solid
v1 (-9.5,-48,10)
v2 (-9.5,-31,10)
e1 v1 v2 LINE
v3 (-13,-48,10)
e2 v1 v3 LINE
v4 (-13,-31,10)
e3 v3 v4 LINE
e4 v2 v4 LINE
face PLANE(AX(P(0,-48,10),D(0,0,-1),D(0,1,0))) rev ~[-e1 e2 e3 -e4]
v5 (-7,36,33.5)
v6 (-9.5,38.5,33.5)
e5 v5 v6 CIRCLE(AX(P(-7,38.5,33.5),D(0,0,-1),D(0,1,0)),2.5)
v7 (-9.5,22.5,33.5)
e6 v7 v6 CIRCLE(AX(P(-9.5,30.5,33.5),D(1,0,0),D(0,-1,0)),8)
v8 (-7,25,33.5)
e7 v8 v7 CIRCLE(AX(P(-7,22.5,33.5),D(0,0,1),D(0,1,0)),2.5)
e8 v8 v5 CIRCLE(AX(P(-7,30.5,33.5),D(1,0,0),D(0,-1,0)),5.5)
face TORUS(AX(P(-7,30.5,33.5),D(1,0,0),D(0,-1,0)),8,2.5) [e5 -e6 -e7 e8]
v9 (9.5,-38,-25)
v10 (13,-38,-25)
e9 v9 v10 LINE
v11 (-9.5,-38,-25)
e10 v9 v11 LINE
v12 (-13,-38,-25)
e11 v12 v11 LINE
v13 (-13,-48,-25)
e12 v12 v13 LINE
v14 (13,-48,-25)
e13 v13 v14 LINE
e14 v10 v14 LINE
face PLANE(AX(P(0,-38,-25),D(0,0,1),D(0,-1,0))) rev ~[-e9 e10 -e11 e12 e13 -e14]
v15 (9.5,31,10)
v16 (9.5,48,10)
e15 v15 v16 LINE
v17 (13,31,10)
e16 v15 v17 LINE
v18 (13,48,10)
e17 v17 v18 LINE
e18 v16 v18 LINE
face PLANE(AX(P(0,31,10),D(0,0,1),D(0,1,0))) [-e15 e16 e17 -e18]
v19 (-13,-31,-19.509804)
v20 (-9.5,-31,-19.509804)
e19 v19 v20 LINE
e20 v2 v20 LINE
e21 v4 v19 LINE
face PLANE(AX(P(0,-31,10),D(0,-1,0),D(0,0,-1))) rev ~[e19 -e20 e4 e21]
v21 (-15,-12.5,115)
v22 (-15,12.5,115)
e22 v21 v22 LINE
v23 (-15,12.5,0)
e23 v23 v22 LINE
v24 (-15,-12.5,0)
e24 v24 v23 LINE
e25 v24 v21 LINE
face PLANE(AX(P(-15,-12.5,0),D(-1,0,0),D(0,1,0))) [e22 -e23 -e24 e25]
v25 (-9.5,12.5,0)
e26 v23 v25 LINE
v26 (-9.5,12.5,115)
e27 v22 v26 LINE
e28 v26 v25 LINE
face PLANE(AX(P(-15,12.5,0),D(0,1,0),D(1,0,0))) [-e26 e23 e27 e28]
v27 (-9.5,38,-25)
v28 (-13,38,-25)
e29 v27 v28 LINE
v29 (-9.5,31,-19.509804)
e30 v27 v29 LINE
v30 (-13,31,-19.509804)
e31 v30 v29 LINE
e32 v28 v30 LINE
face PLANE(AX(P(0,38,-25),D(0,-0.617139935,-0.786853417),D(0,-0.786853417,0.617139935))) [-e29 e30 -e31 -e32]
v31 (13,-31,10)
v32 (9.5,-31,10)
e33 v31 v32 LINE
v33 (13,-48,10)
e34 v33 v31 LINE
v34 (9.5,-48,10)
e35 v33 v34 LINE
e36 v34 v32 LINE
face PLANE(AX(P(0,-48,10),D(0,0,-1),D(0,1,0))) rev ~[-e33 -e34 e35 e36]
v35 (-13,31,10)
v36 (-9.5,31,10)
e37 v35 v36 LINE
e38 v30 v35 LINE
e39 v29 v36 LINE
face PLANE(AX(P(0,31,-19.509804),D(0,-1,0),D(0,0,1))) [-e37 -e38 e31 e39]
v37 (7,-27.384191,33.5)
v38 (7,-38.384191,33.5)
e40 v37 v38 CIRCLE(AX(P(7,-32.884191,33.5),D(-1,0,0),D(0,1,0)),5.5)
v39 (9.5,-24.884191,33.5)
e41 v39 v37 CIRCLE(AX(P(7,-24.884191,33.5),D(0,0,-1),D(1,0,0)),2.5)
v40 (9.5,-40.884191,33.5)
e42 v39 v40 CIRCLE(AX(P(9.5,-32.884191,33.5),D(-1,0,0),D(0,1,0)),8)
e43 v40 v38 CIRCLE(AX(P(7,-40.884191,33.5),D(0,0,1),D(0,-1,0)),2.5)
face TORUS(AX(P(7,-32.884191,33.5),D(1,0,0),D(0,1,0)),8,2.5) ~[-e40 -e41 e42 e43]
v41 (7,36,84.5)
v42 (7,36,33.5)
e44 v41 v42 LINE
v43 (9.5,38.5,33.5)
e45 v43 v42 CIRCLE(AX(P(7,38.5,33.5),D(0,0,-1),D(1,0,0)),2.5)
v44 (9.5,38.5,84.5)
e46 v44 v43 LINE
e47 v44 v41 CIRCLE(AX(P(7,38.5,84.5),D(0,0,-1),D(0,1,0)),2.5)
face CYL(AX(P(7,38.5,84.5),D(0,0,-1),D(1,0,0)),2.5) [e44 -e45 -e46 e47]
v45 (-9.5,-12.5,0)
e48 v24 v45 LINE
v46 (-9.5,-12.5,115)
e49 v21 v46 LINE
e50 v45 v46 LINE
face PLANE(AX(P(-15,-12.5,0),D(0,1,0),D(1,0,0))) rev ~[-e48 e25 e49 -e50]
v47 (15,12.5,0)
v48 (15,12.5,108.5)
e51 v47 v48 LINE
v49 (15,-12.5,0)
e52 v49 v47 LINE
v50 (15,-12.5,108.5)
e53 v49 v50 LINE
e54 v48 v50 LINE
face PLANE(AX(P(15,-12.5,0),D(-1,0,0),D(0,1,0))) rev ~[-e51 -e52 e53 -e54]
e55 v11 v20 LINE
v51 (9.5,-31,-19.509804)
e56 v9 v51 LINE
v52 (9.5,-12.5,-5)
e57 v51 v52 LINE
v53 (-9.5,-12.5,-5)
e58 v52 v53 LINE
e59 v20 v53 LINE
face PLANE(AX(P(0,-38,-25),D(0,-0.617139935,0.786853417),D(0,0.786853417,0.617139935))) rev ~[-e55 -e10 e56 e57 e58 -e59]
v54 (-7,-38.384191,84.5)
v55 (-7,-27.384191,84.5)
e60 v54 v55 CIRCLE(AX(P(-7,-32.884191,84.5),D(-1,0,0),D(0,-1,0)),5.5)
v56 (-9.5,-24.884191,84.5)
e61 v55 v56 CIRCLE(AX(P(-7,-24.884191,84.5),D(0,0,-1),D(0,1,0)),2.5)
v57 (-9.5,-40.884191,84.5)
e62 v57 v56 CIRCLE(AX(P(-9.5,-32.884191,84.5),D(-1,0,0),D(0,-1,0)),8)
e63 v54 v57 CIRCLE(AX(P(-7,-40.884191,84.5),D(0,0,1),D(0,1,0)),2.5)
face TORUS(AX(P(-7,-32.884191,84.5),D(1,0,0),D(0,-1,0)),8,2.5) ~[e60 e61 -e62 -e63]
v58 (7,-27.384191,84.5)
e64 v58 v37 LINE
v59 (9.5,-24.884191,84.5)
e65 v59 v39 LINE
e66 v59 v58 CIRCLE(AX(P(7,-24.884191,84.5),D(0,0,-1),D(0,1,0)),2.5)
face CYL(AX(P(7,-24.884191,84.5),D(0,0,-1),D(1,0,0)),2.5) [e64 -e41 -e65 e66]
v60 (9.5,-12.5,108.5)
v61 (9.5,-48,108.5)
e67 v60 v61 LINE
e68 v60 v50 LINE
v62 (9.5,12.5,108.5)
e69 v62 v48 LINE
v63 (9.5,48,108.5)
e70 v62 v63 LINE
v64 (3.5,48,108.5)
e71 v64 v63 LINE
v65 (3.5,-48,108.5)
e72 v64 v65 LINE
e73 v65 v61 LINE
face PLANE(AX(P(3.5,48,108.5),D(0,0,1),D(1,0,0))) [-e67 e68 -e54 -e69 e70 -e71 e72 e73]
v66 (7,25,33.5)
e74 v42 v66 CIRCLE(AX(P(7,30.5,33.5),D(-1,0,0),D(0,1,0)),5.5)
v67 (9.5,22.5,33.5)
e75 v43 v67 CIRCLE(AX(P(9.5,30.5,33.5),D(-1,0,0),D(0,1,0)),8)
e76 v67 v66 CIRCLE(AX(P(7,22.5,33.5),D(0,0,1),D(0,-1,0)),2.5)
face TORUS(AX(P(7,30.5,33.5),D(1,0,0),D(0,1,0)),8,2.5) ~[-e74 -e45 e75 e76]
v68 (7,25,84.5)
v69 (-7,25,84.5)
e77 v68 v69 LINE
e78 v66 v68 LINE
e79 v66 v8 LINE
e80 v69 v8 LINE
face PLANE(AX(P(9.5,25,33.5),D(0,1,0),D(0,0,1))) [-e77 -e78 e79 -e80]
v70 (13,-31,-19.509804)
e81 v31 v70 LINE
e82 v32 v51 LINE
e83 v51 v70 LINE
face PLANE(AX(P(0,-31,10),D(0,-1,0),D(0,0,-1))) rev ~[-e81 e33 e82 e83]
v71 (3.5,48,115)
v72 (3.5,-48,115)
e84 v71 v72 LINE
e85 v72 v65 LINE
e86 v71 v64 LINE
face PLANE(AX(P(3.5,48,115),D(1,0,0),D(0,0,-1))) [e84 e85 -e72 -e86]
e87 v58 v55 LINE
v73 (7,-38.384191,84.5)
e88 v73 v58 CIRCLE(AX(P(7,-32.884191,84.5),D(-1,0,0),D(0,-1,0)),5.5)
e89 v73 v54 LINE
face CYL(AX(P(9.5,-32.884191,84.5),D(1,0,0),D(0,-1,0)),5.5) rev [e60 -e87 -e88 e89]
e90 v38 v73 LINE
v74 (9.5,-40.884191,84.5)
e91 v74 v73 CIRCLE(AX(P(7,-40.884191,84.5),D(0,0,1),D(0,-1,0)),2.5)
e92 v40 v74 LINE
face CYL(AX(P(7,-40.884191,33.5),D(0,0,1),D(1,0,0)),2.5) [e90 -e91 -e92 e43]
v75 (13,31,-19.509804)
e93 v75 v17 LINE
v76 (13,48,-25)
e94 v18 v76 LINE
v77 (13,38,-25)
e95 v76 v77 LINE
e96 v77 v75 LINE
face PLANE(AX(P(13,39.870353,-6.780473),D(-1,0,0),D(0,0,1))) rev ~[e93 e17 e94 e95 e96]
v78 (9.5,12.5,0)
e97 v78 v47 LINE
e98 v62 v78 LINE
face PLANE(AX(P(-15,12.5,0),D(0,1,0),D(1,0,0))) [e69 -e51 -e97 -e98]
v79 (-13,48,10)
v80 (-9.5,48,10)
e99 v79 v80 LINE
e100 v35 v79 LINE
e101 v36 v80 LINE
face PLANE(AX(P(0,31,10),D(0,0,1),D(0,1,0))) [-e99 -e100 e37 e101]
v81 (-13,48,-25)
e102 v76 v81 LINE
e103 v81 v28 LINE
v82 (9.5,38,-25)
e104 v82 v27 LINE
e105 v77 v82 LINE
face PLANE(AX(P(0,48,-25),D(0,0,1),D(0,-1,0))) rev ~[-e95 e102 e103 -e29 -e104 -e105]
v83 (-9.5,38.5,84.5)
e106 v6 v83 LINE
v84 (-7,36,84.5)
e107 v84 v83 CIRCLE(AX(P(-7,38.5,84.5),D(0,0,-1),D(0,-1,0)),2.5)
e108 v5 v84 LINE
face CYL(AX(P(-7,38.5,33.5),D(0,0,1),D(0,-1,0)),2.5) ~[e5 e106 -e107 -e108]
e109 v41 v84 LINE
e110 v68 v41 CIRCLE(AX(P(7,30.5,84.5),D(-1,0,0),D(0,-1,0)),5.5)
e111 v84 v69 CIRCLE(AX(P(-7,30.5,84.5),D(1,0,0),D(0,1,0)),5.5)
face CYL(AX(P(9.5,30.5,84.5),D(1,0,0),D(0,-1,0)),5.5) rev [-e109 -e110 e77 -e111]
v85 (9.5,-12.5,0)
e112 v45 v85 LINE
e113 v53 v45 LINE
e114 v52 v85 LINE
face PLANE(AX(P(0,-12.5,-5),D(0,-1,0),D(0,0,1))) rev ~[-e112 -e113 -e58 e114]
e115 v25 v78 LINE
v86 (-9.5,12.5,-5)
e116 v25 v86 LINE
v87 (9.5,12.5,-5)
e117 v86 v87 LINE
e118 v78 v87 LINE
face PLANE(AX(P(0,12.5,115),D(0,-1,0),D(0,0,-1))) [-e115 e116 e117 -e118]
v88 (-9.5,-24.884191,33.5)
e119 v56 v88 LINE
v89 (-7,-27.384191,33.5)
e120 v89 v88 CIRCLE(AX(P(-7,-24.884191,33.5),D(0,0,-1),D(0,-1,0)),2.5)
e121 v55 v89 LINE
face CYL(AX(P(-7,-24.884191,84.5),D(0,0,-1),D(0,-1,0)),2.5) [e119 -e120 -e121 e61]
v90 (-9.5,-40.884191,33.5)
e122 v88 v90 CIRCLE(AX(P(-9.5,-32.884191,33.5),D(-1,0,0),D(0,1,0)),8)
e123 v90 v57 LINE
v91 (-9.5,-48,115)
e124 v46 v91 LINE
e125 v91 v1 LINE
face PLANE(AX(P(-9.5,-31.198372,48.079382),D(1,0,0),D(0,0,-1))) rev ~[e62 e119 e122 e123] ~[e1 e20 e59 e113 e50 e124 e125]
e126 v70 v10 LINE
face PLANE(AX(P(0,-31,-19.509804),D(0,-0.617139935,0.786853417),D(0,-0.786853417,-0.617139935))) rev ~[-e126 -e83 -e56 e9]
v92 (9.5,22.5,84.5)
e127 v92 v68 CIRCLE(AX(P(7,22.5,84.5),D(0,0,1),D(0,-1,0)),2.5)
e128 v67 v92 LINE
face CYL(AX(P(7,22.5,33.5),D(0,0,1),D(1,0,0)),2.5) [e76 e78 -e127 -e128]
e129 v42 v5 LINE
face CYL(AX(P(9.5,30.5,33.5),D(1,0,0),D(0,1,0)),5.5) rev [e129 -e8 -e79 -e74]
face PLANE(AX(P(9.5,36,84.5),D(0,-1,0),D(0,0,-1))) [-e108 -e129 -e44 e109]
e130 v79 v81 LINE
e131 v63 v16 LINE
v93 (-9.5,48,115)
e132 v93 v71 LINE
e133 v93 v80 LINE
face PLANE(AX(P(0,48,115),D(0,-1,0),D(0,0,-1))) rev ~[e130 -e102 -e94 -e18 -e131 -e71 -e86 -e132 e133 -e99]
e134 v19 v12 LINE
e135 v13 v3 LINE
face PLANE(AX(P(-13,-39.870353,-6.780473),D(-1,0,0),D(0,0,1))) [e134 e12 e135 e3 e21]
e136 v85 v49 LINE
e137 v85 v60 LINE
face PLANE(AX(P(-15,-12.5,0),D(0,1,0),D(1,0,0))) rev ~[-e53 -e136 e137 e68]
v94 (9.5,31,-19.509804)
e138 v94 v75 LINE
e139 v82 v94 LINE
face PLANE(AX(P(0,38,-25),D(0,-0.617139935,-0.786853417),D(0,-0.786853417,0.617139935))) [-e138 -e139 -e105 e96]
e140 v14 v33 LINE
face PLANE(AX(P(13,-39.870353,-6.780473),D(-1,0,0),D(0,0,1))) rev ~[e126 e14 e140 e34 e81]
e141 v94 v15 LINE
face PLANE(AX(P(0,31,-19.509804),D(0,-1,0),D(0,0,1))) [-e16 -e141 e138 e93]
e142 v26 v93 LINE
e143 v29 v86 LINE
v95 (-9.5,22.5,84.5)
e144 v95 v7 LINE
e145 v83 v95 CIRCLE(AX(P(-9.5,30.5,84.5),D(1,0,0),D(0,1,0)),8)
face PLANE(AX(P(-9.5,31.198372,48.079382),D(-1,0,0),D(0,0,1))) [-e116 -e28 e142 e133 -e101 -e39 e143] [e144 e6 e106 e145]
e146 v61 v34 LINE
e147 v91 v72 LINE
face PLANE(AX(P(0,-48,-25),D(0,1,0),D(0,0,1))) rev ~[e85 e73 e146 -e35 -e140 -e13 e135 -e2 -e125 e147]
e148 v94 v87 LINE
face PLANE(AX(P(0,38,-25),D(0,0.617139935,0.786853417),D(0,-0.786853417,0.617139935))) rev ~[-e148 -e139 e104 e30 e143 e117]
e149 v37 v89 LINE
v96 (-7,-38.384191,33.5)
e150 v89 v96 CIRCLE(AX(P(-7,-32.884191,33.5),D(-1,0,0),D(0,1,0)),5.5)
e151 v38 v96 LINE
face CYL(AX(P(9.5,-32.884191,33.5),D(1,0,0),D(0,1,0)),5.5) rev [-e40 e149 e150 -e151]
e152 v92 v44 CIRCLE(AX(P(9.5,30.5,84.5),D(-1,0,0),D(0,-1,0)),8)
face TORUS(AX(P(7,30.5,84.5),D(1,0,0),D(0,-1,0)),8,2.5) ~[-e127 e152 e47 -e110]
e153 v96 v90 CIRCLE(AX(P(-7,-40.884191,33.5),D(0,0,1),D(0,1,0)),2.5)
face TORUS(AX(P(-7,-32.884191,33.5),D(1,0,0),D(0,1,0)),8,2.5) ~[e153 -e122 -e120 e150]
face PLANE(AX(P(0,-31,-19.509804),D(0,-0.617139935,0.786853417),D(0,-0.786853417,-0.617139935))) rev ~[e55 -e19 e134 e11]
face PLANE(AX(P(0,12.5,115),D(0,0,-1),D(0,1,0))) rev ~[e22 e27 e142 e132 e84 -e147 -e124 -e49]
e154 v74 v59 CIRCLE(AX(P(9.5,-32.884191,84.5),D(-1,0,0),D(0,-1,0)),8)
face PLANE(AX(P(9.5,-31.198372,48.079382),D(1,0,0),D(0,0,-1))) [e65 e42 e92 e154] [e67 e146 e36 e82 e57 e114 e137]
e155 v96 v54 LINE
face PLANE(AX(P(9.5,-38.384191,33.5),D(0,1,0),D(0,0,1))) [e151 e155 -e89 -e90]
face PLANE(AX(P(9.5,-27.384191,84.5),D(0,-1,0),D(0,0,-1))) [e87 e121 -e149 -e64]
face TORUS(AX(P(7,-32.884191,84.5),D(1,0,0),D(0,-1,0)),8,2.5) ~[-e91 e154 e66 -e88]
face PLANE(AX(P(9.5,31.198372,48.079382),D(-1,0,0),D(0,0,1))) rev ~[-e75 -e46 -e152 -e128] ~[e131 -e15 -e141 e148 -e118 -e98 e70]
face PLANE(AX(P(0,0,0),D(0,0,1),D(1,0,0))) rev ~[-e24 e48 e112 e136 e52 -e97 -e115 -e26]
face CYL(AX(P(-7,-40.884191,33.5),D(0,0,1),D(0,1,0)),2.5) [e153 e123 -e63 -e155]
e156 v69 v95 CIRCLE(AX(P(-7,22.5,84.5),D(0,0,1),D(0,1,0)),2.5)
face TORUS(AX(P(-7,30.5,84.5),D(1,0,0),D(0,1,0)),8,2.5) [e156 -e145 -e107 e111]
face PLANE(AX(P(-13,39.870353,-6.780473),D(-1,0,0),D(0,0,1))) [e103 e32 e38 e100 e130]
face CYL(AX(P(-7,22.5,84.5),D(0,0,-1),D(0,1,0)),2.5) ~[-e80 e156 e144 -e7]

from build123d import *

# Parameters (mm, degrees)
SKETCH1_W           = 30
SKETCH1_H           = 25
BOSS_EXTRUDE1_DEPTH = 115
BOSS_EXTRUDE2_DEPTH = 9.5
SKETCH4_W           = 11.5
SKETCH4_H           = 6.5
CUT_EXTRUDE1_DEPTH  = 151.552316488
BOSS_EXTRUDE3_DEPTH = 13
CUT_EXTRUDE2_DEPTH  = 128.000984248
FILLET1_R           = 2.5
FILLET2_R           = 2.5


with BuildPart() as part:
    # Sketch1 → Boss-Extrude1 (new body)
    with BuildSketch(Plane.XY):
        Rectangle(SKETCH1_W, SKETCH1_H)
    extrude(amount=BOSS_EXTRUDE1_DEPTH)

    # Sketch3 → Boss-Extrude2 (add, symmetric)
    with BuildSketch(Plane(origin=(0, 0, 0), x_dir=(0, 0, -1), z_dir=(1, 0, 0))):
        Polygon((5, -12.5), (0, -12.5), (-115, -12.5), (-115, -48), (25, -48), (25, -38), align=None)
        Polygon((-115, 48), (25, 48), (25, 38), (5, 12.5), (0, 12.5), (-115, 12.5), align=None)
    extrude(amount=BOSS_EXTRUDE2_DEPTH, both=True)

    # Sketch4 → Cut-Extrude1 (cut, through all)
    with BuildSketch(Plane(origin=(0, 48, 0), x_dir=(1, 0, 0), z_dir=(0, 1, 0))):
        with Locations((9.25, -111.75)):
            Rectangle(SKETCH4_W, SKETCH4_H)
    extrude(amount=-CUT_EXTRUDE1_DEPTH, mode=Mode.SUBTRACT)

    # Sketch6 → Boss-Extrude3 (add, symmetric)
    with BuildSketch(Plane(origin=(0, 0, 0), x_dir=(0, 0, -1), z_dir=(1, 0, 0))):
        Polygon((-10, 48), (25, 48), (25, 38), (19.509803922, 31), (-10, 31), align=None)
        Polygon((25, -48), (-10, -48), (-10, -31), (19.509803922, -31), (25, -38), align=None)
    extrude(amount=BOSS_EXTRUDE3_DEPTH, both=True)

    # Sketch7 → Cut-Extrude2 (cut, through all)
    with BuildSketch(Plane(origin=(9.5, 0, 0), x_dir=(0, 0, -1), z_dir=(1, 0, 0))):
        with BuildLine():
            Line((-84.5, 36), (-33.5, 36))
            ThreePointArc((-33.5, 36), (-28, 30.5), (-33.5, 25))
            Line((-33.5, 25), (-84.5, 25))
            ThreePointArc((-84.5, 25), (-90, 30.5), (-84.5, 36))
        make_face()
        with BuildLine():
            Line((-84.5, -27.384190741), (-33.5, -27.384190741))
            ThreePointArc((-33.5, -27.384190741), (-28, -32.884190741), (-33.5, -38.384190741))
            Line((-33.5, -38.384190741), (-84.5, -38.384190741))
            ThreePointArc((-84.5, -38.384190741), (-90, -32.884190741), (-84.5, -27.384190741))
        make_face()
    extrude(amount=-CUT_EXTRUDE2_DEPTH, mode=Mode.SUBTRACT)

    # Fillet1
    fillet1_edges = [part.edges().sort_by_distance(p)[0] for p in [
        (9.5, 30.5, 90),
        (9.5, 25, 59),
        (9.5, 30.5, 28),
        (9.5, 36, 59),
    ]]
    fillet(fillet1_edges, radius=FILLET1_R)

    # Fillet2
    fillet2_edges = [part.edges().sort_by_distance(p)[0] for p in [
        (-9.5, 25, 59),
        (-9.5, 30.5, 28),
        (-9.5, 36, 59),
        (-9.5, 30.5, 90),
        (-9.5, -38.384190741, 59),
        (-9.5, -32.884190741, 28),
        (-9.5, -27.384190741, 59),
        (-9.5, -32.884190741, 90),
        (9.5, -32.884190741, 90),
        (9.5, -38.384190741, 59),
        (9.5, -32.884190741, 28),
        (9.5, -27.384190741, 59),
    ]]
    fillet(fillet2_edges, radius=FILLET2_R)


solid = part.part
